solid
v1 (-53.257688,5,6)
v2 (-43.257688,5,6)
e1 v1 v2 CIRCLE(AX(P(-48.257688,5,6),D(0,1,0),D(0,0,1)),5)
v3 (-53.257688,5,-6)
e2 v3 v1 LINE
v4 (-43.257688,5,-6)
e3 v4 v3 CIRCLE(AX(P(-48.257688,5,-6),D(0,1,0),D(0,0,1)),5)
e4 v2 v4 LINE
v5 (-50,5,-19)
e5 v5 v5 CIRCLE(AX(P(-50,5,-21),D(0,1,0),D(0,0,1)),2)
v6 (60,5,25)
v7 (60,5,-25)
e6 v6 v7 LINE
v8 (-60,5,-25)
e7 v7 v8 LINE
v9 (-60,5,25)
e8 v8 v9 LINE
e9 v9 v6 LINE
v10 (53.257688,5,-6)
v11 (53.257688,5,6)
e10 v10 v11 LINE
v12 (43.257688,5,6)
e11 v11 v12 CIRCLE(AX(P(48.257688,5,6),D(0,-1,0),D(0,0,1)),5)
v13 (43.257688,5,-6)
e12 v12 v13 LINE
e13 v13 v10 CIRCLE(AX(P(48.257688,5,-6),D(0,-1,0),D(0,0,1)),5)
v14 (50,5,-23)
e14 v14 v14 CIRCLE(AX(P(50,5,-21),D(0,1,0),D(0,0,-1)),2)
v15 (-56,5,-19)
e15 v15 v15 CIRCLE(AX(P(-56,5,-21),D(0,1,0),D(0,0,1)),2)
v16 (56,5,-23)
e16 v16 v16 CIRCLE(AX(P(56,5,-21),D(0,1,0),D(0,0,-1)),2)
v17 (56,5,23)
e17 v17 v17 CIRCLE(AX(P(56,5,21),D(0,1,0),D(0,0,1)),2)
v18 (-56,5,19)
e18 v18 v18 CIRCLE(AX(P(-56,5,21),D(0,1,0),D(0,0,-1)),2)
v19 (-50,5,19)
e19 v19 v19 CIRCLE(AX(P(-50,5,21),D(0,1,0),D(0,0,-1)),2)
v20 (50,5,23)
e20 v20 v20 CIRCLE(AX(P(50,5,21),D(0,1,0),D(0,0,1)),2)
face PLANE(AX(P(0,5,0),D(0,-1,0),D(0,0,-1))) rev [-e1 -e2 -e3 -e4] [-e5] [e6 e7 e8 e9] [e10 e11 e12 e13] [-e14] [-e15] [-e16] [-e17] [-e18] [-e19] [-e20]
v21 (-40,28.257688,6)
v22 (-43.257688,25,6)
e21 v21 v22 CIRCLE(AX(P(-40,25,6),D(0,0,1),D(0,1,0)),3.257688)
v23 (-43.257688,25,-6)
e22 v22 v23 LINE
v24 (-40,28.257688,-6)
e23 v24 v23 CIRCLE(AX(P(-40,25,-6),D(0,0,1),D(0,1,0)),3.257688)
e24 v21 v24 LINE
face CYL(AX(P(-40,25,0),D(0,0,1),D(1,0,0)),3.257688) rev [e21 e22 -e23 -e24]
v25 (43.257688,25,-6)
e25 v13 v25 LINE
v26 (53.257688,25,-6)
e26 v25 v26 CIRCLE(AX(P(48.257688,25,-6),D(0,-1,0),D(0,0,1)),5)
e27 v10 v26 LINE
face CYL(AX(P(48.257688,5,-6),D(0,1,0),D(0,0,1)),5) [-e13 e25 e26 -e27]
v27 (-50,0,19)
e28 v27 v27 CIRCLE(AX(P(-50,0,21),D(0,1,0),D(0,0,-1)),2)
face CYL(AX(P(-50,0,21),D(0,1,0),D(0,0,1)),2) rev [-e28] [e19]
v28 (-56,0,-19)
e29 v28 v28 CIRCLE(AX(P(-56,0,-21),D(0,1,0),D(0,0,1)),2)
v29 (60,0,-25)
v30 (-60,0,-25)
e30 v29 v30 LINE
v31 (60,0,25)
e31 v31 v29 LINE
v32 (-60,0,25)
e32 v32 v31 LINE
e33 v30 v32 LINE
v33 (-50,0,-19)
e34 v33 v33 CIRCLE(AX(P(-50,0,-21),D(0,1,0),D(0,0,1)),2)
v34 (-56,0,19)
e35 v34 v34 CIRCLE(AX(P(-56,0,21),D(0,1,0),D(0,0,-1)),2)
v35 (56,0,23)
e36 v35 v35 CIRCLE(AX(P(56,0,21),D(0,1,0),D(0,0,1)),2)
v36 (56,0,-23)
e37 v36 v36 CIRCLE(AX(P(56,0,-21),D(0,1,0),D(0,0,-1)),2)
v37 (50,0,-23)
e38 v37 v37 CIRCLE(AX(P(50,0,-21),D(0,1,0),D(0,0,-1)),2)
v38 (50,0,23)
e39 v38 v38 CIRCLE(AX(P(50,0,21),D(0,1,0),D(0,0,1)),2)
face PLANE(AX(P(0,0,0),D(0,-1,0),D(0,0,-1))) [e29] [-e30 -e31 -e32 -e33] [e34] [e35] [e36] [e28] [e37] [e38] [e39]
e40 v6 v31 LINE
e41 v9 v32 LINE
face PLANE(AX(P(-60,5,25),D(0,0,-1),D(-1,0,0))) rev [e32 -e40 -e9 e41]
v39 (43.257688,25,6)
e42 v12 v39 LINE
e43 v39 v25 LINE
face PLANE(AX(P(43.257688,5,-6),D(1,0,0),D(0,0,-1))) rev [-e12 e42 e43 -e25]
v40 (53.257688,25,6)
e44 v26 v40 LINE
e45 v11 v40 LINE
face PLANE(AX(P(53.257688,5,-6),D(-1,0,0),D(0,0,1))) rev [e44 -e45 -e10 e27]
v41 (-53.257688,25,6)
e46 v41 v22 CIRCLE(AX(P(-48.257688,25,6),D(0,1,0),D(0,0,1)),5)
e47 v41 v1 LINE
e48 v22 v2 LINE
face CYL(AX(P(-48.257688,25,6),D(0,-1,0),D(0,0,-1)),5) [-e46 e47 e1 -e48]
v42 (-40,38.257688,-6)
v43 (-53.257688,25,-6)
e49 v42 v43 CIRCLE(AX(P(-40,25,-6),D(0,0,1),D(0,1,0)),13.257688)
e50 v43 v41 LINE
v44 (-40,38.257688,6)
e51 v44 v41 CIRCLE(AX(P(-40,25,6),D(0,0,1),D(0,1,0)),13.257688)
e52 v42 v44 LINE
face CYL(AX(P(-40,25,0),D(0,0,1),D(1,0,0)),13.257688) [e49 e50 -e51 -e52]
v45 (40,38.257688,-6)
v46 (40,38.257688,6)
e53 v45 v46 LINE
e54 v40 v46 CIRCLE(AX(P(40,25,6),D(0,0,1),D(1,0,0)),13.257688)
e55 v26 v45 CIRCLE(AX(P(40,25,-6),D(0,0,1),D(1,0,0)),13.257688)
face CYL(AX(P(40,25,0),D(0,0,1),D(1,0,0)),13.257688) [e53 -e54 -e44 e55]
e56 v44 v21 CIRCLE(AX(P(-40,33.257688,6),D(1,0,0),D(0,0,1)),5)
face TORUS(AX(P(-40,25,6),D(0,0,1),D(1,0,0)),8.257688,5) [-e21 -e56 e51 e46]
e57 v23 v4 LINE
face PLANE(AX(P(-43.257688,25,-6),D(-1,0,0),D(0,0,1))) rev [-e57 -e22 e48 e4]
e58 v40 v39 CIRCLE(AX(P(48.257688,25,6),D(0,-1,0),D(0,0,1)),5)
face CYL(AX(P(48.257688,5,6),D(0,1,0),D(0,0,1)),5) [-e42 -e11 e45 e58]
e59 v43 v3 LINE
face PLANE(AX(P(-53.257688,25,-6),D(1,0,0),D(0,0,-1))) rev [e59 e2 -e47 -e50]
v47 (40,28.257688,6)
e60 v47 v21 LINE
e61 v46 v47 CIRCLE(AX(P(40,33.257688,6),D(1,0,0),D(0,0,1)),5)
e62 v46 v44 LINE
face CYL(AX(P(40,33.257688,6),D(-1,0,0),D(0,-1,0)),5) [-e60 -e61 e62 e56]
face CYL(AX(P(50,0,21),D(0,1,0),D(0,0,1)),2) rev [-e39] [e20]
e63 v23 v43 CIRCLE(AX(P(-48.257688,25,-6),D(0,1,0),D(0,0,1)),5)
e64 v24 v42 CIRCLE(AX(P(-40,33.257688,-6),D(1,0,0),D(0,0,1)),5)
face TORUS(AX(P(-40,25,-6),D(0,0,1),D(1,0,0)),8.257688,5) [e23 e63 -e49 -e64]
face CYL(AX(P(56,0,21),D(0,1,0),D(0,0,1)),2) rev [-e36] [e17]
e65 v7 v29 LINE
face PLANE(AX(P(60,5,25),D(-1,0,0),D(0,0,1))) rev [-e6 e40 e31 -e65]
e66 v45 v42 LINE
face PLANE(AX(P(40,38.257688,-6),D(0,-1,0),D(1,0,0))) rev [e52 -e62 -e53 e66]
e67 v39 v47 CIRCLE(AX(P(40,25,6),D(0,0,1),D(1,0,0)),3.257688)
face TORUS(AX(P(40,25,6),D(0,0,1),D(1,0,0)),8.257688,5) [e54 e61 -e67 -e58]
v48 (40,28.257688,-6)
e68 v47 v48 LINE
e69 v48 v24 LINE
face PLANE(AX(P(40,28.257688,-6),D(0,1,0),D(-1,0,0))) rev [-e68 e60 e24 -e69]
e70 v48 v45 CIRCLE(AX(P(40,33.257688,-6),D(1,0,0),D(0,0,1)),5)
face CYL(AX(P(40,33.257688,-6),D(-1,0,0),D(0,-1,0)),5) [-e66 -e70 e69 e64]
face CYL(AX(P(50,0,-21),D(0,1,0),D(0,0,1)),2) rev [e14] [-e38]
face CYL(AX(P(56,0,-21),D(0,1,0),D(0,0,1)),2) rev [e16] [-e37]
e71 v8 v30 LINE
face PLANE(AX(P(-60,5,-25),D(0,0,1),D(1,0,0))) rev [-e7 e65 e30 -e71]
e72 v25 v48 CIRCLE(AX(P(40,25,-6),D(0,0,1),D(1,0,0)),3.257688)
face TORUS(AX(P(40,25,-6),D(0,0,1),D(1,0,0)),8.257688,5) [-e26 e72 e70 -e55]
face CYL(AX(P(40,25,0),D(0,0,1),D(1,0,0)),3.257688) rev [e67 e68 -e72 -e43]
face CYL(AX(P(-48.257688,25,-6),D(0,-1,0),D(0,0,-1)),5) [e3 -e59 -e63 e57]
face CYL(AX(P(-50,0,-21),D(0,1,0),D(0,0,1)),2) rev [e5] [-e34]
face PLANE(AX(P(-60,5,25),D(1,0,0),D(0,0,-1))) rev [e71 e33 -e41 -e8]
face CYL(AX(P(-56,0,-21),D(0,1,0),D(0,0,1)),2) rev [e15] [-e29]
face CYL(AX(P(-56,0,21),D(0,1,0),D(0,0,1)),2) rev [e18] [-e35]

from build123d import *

# Parameters (mm, degrees)
SKETCH3_W           = 120
SKETCH3_H           = 50
BOSS_EXTRUDE1_DEPTH = 5
SKETCH6_R           = 2
CUT_EXTRUDE1_DEPTH  = 5


with BuildPart() as part:
    # Sketch3 → Boss-Extrude1 (new body)
    with BuildSketch(Plane(origin=(0, 0, 0), x_dir=(1, 0, 0), z_dir=(0, 1, 0))):
        Rectangle(SKETCH3_W, SKETCH3_H)
    extrude(amount=BOSS_EXTRUDE1_DEPTH)

    # Sweep1: sweep along a path in Sketch4
    with BuildLine(Plane.XY) as sweep1_path:
        Line((-50, 5), (-50, 25))
        ThreePointArc((-50, 25), (-47.071067812, 32.071067812), (-40, 35))
        Line((-40, 35), (40, 35))
        ThreePointArc((40, 35), (47.071067812, 32.071067812), (50, 25))
        Line((50, 25), (50, 5))
    # Sketch5 → Sweep1 (sweep)
    with BuildSketch(Plane(origin=(0, 5, 0), x_dir=(1, 0, 0), z_dir=(0, 1, 0))):
        with BuildLine():
            Line((-43.257688432, 6), (-43.257688432, -6))
            ThreePointArc((-43.257688432, -6), (-48.257688432, -11), (-53.257688432, -6))
            Line((-53.257688432, -6), (-53.257688432, 6))
            ThreePointArc((-53.257688432, 6), (-48.257688432, 11), (-43.257688432, 6))
        make_face()
    sweep(path=sweep1_path.line)

    # Sketch6 → Cut-Extrude1 (cut)
    with BuildSketch(Plane(origin=(0, 5, 0), x_dir=(1, 0, 0), z_dir=(0, 1, 0))):
        with Locations(Location((-56, 21, 0), (0, 0, 270))):
            Circle(SKETCH6_R)
        with Locations(Location((-50, 21, 0), (0, 0, 270))):
            Circle(SKETCH6_R)
        with Locations(Location((-50, -21, 0), (0, 0, 90))):
            Circle(SKETCH6_R)
        with Locations(Location((-56, -21, 0), (0, 0, 90))):
            Circle(SKETCH6_R)
        with Locations(Location((56, -21, 0), (0, 0, 270))):
            Circle(SKETCH6_R)
        with Locations(Location((50, -21, 0), (0, 0, 270))):
            Circle(SKETCH6_R)
        with Locations(Location((50, 21, 0), (0, 0, 90))):
            Circle(SKETCH6_R)
        with Locations(Location((56, 21, 0), (0, 0, 90))):
            Circle(SKETCH6_R)
    extrude(amount=-CUT_EXTRUDE1_DEPTH, mode=Mode.SUBTRACT)


solid = part.part
